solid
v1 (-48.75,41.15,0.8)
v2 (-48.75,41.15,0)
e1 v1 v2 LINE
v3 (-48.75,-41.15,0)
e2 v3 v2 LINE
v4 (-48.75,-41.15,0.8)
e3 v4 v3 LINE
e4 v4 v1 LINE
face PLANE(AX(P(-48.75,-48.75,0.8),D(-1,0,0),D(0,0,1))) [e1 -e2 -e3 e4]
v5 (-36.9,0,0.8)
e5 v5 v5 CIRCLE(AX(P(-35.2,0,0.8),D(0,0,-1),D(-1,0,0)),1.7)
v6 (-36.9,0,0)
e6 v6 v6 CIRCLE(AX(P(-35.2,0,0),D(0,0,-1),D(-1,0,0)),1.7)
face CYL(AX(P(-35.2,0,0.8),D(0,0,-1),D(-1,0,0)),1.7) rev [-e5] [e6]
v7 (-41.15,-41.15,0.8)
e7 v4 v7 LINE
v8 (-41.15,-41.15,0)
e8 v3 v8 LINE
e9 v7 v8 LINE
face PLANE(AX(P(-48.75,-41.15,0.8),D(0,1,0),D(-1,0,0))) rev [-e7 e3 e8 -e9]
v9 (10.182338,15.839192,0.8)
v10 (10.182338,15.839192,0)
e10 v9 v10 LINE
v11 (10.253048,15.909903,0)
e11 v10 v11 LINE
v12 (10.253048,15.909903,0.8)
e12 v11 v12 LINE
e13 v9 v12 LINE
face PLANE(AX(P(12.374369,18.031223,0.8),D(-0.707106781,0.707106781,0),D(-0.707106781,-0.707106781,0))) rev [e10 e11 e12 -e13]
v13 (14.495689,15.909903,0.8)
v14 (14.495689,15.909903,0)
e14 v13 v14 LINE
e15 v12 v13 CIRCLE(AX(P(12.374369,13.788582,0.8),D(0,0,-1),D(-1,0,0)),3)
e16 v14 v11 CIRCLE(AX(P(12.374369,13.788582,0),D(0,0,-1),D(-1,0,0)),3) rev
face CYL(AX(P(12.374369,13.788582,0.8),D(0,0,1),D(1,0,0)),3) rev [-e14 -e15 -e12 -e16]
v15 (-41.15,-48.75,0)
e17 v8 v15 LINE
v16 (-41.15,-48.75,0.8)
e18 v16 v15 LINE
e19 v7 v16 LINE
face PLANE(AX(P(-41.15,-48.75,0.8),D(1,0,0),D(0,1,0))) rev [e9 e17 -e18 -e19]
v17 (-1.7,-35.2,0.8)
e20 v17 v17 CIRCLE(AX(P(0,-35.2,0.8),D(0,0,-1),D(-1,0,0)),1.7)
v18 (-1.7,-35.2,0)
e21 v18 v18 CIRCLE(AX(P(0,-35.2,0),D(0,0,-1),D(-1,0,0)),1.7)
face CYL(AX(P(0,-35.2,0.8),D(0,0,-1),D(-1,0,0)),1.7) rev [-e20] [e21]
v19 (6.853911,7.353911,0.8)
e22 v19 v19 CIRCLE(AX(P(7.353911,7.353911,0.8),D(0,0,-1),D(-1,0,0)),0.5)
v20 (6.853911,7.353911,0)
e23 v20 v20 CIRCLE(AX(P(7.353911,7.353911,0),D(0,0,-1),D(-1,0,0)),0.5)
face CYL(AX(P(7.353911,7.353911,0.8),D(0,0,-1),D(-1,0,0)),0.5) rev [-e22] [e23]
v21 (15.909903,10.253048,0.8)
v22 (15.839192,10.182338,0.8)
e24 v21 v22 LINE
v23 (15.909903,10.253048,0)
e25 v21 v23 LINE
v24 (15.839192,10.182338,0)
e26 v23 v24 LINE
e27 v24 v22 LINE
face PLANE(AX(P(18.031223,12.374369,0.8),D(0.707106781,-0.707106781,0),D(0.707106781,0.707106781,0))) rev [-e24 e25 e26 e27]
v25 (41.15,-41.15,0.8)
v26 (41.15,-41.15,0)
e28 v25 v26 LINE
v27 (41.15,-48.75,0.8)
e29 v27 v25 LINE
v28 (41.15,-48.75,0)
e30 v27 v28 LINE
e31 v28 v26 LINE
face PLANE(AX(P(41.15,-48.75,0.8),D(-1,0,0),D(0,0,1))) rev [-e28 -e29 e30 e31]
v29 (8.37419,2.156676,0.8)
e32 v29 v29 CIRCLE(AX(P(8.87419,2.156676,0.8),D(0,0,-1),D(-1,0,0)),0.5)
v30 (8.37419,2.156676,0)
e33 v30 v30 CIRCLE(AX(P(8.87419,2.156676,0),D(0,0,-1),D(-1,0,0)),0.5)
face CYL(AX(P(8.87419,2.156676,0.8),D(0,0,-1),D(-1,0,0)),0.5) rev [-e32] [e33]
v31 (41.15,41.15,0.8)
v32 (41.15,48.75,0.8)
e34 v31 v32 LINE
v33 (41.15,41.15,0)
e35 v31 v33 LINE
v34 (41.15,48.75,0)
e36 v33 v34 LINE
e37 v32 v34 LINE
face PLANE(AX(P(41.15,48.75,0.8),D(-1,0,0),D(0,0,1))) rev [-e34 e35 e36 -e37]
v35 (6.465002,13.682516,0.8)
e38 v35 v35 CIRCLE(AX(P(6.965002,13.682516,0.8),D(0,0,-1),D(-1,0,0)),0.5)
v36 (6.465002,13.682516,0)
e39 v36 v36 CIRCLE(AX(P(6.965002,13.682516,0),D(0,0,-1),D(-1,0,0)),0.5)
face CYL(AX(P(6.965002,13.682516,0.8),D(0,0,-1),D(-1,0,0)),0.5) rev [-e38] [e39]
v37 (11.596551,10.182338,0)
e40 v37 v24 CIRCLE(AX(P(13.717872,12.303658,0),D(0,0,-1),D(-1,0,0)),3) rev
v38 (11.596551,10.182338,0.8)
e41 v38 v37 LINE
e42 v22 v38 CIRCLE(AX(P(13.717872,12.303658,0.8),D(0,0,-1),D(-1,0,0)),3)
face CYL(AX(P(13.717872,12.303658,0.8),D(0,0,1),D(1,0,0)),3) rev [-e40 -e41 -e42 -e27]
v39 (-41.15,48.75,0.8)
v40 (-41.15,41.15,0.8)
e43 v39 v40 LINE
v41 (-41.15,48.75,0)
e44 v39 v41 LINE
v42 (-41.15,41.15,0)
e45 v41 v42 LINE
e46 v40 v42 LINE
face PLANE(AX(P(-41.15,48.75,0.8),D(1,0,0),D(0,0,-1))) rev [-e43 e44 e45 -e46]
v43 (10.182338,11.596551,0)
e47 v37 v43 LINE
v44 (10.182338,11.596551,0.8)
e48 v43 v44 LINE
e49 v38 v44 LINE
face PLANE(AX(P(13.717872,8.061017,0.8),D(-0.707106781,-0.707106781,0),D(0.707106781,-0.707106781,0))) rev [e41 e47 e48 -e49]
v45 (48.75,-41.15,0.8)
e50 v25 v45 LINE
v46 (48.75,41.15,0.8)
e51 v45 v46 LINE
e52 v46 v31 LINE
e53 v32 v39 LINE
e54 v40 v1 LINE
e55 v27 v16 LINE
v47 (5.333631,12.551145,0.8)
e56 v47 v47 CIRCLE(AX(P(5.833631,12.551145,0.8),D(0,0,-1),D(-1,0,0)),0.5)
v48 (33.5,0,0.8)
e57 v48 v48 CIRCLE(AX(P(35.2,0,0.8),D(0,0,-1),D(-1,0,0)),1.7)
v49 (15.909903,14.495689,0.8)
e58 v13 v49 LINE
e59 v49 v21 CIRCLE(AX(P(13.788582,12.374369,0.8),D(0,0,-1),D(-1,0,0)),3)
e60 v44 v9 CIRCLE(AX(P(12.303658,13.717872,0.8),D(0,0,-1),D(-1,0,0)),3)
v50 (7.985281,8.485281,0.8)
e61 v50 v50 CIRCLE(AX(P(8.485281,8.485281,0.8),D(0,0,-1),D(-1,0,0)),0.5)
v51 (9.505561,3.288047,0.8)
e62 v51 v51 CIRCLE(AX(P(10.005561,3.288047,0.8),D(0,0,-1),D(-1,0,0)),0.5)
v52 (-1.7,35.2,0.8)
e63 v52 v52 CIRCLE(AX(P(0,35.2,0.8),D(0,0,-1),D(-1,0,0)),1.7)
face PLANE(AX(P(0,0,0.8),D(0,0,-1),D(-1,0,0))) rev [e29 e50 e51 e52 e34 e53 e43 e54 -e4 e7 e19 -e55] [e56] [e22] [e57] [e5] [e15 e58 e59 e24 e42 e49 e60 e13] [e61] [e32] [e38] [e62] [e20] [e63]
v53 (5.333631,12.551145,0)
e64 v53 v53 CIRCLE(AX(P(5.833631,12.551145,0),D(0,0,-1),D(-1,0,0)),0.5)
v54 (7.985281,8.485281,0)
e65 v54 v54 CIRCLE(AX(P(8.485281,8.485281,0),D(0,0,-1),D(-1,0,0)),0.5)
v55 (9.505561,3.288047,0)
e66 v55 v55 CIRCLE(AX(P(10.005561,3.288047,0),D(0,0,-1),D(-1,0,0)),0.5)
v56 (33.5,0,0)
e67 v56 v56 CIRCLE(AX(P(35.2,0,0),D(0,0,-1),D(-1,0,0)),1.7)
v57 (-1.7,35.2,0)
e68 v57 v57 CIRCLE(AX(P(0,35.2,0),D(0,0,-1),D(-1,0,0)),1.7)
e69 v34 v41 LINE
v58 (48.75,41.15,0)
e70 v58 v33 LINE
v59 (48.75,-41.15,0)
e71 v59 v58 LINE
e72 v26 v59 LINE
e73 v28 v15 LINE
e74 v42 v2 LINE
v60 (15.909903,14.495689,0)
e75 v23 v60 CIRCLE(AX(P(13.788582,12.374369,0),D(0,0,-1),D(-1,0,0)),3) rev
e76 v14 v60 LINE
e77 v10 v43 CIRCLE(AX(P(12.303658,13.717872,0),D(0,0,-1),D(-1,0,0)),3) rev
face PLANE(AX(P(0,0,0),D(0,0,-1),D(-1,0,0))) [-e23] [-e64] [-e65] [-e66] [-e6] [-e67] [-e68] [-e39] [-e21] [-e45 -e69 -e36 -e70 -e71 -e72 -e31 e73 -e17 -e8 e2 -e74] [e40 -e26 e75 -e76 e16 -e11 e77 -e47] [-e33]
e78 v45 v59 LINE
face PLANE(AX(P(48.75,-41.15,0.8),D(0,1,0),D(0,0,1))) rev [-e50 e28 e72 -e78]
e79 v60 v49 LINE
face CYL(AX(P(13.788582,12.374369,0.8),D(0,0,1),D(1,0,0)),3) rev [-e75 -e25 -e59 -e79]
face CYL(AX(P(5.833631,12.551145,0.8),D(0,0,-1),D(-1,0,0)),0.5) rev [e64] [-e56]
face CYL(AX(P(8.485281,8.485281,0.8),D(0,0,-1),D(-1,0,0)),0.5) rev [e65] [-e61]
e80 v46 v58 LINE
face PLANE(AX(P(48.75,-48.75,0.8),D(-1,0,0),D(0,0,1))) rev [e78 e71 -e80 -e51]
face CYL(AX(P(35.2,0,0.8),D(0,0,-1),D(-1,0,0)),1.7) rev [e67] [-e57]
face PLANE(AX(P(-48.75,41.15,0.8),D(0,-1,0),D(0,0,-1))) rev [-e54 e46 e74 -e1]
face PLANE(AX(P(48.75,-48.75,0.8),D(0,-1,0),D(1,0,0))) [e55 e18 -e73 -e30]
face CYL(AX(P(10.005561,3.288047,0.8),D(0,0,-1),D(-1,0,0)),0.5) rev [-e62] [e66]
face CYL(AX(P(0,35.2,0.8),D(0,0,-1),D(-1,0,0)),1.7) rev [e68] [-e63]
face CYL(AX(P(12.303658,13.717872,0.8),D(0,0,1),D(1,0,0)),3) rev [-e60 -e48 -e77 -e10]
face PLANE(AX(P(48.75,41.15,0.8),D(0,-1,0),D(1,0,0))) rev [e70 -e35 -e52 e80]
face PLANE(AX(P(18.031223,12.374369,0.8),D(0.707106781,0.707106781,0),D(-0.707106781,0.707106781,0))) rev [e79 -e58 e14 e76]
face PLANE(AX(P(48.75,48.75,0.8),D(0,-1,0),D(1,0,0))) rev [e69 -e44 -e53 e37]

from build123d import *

# Parameters (mm, degrees)
SKETCH1_W           = 97.5
SKETCH1_H           = 97.5
BOSS_EXTRUDE1_DEPTH = 0.8
SKETCH2_W           = 7.6
SKETCH2_H           = 7.6
CUT_EXTRUDE1_DEPTH  = 1.8
SKETCH3_R           = 1.7
CUT_EXTRUDE2_DEPTH  = 1.8
CUT_EXTRUDE3_DEPTH  = 1.8
SKETCH5_R           = 0.5
CUT_EXTRUDE4_DEPTH  = 1.8
FILLET2_R           = 3


with BuildPart() as part:
    # Sketch1 → Boss-Extrude1 (new body)
    with BuildSketch(Plane.XY):
        Rectangle(SKETCH1_W, SKETCH1_H)
    extrude(amount=BOSS_EXTRUDE1_DEPTH)

    # Sketch2 → Cut-Extrude1 (cut, through all)
    with BuildSketch(Plane(origin=(0, 0, 0), x_dir=(-1, 0, 0), z_dir=(0, 0, -1))):
        with Locations((-44.95, 44.95)):
            Rectangle(SKETCH2_W, SKETCH2_H)
        with Locations((-44.95, -44.95)):
            Rectangle(SKETCH2_W, SKETCH2_H)
        with Locations((44.95, -44.95)):
            Rectangle(SKETCH2_W, SKETCH2_H)
        with Locations((44.95, 44.95)):
            Rectangle(SKETCH2_W, SKETCH2_H)
    extrude(amount=-CUT_EXTRUDE1_DEPTH, mode=Mode.SUBTRACT)

    # Sketch3 → Cut-Extrude2 (cut, through all)
    with BuildSketch(Plane(origin=(0, 0, 0), x_dir=(-1, 0, 0), z_dir=(0, 0, -1))):
        with Locations((0, 35.2)):
            Circle(SKETCH3_R)
        with Locations((35.2, 0)):
            Circle(SKETCH3_R)
        with Locations((0, -35.2)):
            Circle(SKETCH3_R)
        with Locations((-35.2, 0)):
            Circle(SKETCH3_R)
    extrude(amount=-CUT_EXTRUDE2_DEPTH, mode=Mode.SUBTRACT)

    # Sketch4 → Cut-Extrude3 (cut, through all)
    with BuildSketch(Plane(origin=(0, 0, 0), x_dir=(-1, 0, 0), z_dir=(0, 0, -1))):
        Polygon((-18.03122292, 12.374368671), (-13.717871555, 8.061017306), (-8.061017306, 13.717871555), (-12.374368671, 18.03122292), align=None)
    extrude(amount=-CUT_EXTRUDE3_DEPTH, mode=Mode.SUBTRACT)

    # Sketch5 → Cut-Extrude4 (cut, through all)
    with BuildSketch(Plane(origin=(0, 0, 0), x_dir=(-1, 0, 0), z_dir=(0, 0, -1))):
        with Locations((-6.965001795, 13.682516216)):
            Circle(SKETCH5_R)
        with Locations((-5.833630945, 12.551145366)):
            Circle(SKETCH5_R)
        with Locations((-8.485281374, 8.485281374)):
            Circle(SKETCH5_R)
        with Locations((-7.353910524, 7.353910524)):
            Circle(SKETCH5_R)
        with Locations((-10.005560954, 3.288046533)):
            Circle(SKETCH5_R)
        with Locations((-8.874190104, 2.156675683)):
            Circle(SKETCH5_R)
    extrude(amount=-CUT_EXTRUDE4_DEPTH, mode=Mode.SUBTRACT)

    # Fillet2
    fillet2_edges = [part.edges().sort_by_distance(p)[0] for p in [
        (18.03122292, 12.374368671, 0.4),
        (12.374368671, 18.03122292, 0.4),
        (8.061017306, 13.717871555, 0.4),
        (13.717871555, 8.061017306, 0.4),
    ]]
    fillet(fillet2_edges, radius=FILLET2_R)


solid = part.part
